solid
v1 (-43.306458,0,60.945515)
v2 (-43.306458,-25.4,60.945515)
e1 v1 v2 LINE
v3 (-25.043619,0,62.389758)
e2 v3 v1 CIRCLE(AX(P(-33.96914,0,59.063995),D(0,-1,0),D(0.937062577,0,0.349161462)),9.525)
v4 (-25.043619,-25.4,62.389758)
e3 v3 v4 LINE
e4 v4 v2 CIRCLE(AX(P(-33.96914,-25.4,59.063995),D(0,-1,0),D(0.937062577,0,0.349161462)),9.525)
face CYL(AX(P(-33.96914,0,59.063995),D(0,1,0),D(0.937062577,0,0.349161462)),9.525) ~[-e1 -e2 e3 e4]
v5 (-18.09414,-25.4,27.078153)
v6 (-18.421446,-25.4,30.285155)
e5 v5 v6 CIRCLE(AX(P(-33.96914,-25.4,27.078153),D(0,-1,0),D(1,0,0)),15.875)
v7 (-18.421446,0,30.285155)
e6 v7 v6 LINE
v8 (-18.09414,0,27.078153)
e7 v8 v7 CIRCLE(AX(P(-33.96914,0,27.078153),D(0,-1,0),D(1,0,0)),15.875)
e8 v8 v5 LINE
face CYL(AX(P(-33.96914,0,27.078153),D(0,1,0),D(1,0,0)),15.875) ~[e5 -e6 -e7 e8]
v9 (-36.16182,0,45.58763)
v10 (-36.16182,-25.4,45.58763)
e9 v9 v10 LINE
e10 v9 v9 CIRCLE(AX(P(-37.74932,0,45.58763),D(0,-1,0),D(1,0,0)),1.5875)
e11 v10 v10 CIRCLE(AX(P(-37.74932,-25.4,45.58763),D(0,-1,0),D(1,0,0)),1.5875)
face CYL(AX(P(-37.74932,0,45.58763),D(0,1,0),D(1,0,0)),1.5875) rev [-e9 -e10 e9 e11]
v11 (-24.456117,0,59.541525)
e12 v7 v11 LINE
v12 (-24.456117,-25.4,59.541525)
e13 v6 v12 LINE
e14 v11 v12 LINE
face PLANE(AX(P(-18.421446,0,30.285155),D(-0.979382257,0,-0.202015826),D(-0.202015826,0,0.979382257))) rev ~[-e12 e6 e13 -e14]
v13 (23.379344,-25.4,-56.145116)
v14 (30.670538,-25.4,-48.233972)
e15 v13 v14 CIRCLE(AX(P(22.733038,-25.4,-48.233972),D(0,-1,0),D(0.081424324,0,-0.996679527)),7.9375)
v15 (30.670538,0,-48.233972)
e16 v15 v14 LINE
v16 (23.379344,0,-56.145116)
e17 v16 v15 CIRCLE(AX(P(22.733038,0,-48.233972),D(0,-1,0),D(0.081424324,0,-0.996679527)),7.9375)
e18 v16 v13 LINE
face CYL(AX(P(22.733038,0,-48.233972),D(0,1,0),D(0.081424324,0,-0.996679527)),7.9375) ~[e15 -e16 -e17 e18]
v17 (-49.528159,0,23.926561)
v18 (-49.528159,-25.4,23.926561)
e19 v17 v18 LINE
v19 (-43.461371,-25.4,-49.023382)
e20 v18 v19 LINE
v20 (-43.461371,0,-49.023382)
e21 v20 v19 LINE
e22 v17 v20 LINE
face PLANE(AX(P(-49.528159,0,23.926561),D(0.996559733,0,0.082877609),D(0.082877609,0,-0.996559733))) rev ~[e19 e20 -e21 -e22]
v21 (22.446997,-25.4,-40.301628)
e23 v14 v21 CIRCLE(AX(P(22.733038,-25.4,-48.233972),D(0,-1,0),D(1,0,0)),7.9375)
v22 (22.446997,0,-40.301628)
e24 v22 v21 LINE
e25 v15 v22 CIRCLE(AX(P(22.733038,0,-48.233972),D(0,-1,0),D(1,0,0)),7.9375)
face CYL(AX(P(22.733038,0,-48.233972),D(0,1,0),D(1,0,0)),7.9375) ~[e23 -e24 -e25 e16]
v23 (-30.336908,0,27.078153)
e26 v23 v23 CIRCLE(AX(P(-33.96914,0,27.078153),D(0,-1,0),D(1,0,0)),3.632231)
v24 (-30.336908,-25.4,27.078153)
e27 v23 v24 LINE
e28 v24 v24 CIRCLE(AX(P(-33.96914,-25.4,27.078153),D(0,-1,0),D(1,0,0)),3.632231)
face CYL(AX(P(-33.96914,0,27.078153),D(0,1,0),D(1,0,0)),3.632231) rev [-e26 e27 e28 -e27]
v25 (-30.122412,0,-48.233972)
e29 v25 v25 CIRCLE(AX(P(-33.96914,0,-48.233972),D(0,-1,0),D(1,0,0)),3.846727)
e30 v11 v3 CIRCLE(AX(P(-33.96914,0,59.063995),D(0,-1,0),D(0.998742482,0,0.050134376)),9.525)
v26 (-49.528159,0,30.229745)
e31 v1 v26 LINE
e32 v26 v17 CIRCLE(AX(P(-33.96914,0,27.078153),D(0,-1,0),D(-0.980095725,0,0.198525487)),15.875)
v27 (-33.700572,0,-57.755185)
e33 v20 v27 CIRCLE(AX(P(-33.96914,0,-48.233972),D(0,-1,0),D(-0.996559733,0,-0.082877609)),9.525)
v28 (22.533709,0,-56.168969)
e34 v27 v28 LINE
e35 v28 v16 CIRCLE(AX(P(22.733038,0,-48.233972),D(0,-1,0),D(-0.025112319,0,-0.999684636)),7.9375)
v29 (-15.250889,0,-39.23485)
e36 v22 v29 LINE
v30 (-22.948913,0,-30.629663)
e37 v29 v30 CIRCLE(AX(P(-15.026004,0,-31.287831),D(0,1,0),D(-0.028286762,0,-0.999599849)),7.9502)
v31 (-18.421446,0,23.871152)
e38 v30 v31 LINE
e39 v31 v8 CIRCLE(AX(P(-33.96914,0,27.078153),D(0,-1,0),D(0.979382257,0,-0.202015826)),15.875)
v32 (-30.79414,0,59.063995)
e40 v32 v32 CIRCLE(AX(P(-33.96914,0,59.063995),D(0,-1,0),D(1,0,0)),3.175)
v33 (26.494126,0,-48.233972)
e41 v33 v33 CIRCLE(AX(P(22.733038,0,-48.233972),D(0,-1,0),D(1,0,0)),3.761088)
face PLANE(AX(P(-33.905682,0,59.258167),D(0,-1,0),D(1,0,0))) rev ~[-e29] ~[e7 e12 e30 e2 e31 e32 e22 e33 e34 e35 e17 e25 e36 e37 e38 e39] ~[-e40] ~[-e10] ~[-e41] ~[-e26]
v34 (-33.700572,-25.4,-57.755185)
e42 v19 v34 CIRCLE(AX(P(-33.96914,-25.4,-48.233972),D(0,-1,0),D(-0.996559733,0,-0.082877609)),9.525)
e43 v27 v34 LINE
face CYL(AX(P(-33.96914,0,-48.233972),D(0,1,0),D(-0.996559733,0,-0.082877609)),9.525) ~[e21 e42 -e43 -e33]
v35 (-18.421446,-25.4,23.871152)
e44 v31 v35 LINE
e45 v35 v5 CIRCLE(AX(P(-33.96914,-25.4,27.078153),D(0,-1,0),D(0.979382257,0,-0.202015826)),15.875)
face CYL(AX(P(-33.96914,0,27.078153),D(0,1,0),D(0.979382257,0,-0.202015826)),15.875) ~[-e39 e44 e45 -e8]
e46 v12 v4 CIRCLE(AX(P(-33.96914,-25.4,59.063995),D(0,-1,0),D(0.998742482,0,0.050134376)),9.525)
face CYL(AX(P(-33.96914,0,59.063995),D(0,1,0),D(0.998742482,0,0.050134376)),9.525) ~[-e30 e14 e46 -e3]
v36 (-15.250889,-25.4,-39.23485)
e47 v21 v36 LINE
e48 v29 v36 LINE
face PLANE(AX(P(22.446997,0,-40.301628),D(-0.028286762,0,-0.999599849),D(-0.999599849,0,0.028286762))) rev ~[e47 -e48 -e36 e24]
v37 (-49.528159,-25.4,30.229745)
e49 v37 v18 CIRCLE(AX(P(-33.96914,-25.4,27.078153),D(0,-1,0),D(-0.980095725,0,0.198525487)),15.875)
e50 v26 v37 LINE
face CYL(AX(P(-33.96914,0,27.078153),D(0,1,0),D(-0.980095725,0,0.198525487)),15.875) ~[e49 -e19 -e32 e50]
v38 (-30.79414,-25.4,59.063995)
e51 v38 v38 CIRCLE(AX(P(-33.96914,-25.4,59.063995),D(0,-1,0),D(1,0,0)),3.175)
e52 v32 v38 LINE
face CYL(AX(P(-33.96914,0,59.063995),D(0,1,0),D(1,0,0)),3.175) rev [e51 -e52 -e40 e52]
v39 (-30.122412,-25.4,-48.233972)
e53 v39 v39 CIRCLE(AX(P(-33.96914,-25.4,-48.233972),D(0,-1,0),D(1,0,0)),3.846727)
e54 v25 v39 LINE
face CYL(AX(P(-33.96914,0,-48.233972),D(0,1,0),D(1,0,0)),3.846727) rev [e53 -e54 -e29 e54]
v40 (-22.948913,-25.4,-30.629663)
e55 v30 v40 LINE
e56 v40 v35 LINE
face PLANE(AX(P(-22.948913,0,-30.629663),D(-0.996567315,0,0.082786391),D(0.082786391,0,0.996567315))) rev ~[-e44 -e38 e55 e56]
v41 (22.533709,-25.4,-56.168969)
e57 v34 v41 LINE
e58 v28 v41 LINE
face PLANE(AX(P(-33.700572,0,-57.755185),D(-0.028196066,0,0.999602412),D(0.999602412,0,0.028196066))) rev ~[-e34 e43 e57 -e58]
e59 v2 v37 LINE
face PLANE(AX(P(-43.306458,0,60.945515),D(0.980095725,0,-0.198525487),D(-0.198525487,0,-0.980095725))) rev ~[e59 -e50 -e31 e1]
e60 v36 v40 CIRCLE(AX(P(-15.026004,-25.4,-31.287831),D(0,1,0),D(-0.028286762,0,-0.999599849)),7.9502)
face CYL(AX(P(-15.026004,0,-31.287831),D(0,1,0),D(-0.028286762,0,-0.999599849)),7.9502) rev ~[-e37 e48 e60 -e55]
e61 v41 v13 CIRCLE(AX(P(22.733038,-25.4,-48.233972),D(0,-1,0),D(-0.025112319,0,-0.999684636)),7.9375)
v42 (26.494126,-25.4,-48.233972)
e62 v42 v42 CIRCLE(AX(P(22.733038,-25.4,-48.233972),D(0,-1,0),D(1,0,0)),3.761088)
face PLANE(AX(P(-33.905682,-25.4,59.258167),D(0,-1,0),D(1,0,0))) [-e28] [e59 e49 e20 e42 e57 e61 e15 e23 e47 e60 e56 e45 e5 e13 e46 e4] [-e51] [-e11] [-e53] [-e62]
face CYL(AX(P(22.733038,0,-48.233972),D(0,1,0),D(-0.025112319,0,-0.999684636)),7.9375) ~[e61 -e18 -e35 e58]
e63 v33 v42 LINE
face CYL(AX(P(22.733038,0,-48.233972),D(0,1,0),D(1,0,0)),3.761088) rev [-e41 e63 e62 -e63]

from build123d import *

# Parameters (mm, degrees)
F0_R     = 3.175
F0_R_2   = 1.5875
F0_R_3   = 3.6322314503
F0_R_4   = 3.8467274671
F0_R_5   = 3.7610876603
F1_DEPTH = 25.4


with BuildPart() as f1:
    # F0 (on Front) → F1 (new body)
    with BuildSketch(Plane.XZ):
        with BuildLine():
            Line((-24.4561174884, 59.5415251808), (-25.043618577, 62.3897581761))
            ThreePointArc((-25.043618577, 62.3897581761), (-34.7200415951, 68.5593504973), (-43.3064576753, 60.9455150164))
            ThreePointArc((-43.3064576753, 60.9455150164), (-34.9145682495, 49.5860318783), (-24.4441396248, 59.0639952522))
            ThreePointArc((-24.4441396248, 59.0639952522), (-24.4471345615, 59.3028353148), (-24.4561174884, 59.5415251808))
        make_face()
        with Locations((-33.9691396248, 59.0639952522)):
            Circle(F0_R, mode=Mode.SUBTRACT)
        with BuildLine():
            ThreePointArc((-24.4561174884, 59.5415251808), (-24.6405236242, 60.9881959987), (-25.043618577, 62.3897581761))
            Line((-25.043618577, 62.3897581761), (-24.4561174884, 59.5415251808))
        make_face()
        with BuildLine():
            ThreePointArc((-24.4441396248, 59.0639952522), (-34.9145682495, 49.5860318783), (-43.3064576753, 60.9455150164))
            Line((-43.3064576753, 60.9455150164), (-49.5281592655, 30.229745369))
            ThreePointArc((-49.5281592655, 30.229745369), (-33.9974170782, 42.9531280754), (-18.4214462904, 30.2851545043))
            Line((-18.4214462904, 30.2851545043), (-24.4561174884, 59.5415251808))
            ThreePointArc((-24.4561174884, 59.5415251808), (-24.4471345615, 59.3028353148), (-24.4441396248, 59.0639952522))
        make_face()
        with Locations((-37.7493202686, 45.5876301927)):
            Circle(F0_R_2, mode=Mode.SUBTRACT)
        with BuildLine():
            Line((-49.5281592655, 23.9265611512), (-49.5281592655, 30.229745369))
            ThreePointArc((-49.5281592655, 30.229745369), (-49.8441396248, 27.0781532601), (-49.5281592655, 23.9265611512))
        make_face()
        with BuildLine():
            ThreePointArc((-18.4214462904, 30.2851545043), (-33.9974170782, 42.9531280754), (-49.5281592655, 30.229745369))
            Line((-49.5281592655, 30.229745369), (-49.5281592655, 23.9265611512))
            ThreePointArc((-49.5281592655, 23.9265611512), (-33.9974170782, 11.2031784449), (-18.4214462904, 23.8711520159))
            Line((-18.4214462904, 23.8711520159), (-18.4214462904, 30.2851545043))
        make_face()
        with Locations((-33.9691396248, 27.0781532601)):
            Circle(F0_R_3, mode=Mode.SUBTRACT)
        with BuildLine():
            ThreePointArc((-18.0941396248, 27.0781532601), (-18.1761782704, 28.6899834802), (-18.4214462904, 30.2851545043))
            Line((-18.4214462904, 30.2851545043), (-18.4214462904, 23.8711520159))
            ThreePointArc((-18.4214462904, 23.8711520159), (-18.1761782704, 25.46632304), (-18.0941396248, 27.0781532601))
        make_face()
        with BuildLine():
            ThreePointArc((-18.4214462904, 23.8711520159), (-33.9974170782, 11.2031784449), (-49.5281592655, 23.9265611512))
            Line((-49.5281592655, 23.9265611512), (-43.4613710842, -49.0233816224))
            ThreePointArc((-43.4613710842, -49.0233816224), (-34.3641841471, -38.7171680607), (-24.4441396248, -48.2339723996))
            ThreePointArc((-24.4441396248, -48.2339723996), (-27.1396546252, -54.873532599), (-33.7005720953, -57.7551853728))
            Line((-33.7005720953, -57.7551853728), (22.533709302, -56.1689691977))
            ThreePointArc((22.533709302, -56.1689691977), (14.7956568571, -48.2773489112), (22.4469968379, -40.3016280732))
            Line((22.4469968379, -40.3016280732), (-15.2508893679, -39.2348500798))
            ThreePointArc((-15.2508893679, -39.2348500798), (-20.9512846708, -36.588466081), (-22.9489134239, -30.6296629928))
            Line((-22.9489134239, -30.6296629928), (-18.4214462904, 23.8711520159))
        make_face()
        with BuildLine():
            ThreePointArc((-24.4441396248, -48.2339723996), (-34.3641841471, -38.7171680607), (-43.4613710842, -49.0233816224))
            ThreePointArc((-43.4613710842, -49.0233816224), (-40.3197374909, -55.3329534351), (-33.7005720953, -57.7551853728))
            ThreePointArc((-33.7005720953, -57.7551853728), (-27.1396546252, -54.873532599), (-24.4441396248, -48.2339723996))
        make_face()
        with Locations((-33.9691396248, -48.2339723996)):
            Circle(F0_R_4, mode=Mode.SUBTRACT)
        with BuildLine():
            Line((23.3793439067, -56.1451161449), (22.533709302, -56.1689691977))
            ThreePointArc((22.533709302, -56.1689691977), (22.9568446097, -56.168316544), (23.3793439067, -56.1451161449))
        make_face()
        with BuildLine():
            ThreePointArc((22.4469968379, -40.3016280732), (14.7956568571, -48.2773489112), (22.533709302, -56.1689691977))
            Line((22.533709302, -56.1689691977), (23.3793439067, -56.1451161449))
            ThreePointArc((23.3793439067, -56.1451161449), (28.5697307514, -53.6132779206), (30.6705383351, -48.2339723996))
            ThreePointArc((30.6705383351, -48.2339723996), (28.2436395667, -42.5210764337), (22.4469968379, -40.3016280732))
        make_face()
        with Locations((22.7330383351, -48.2339723996)):
            Circle(F0_R_5, mode=Mode.SUBTRACT)
    extrude(amount=F1_DEPTH)


solid = f1.part
